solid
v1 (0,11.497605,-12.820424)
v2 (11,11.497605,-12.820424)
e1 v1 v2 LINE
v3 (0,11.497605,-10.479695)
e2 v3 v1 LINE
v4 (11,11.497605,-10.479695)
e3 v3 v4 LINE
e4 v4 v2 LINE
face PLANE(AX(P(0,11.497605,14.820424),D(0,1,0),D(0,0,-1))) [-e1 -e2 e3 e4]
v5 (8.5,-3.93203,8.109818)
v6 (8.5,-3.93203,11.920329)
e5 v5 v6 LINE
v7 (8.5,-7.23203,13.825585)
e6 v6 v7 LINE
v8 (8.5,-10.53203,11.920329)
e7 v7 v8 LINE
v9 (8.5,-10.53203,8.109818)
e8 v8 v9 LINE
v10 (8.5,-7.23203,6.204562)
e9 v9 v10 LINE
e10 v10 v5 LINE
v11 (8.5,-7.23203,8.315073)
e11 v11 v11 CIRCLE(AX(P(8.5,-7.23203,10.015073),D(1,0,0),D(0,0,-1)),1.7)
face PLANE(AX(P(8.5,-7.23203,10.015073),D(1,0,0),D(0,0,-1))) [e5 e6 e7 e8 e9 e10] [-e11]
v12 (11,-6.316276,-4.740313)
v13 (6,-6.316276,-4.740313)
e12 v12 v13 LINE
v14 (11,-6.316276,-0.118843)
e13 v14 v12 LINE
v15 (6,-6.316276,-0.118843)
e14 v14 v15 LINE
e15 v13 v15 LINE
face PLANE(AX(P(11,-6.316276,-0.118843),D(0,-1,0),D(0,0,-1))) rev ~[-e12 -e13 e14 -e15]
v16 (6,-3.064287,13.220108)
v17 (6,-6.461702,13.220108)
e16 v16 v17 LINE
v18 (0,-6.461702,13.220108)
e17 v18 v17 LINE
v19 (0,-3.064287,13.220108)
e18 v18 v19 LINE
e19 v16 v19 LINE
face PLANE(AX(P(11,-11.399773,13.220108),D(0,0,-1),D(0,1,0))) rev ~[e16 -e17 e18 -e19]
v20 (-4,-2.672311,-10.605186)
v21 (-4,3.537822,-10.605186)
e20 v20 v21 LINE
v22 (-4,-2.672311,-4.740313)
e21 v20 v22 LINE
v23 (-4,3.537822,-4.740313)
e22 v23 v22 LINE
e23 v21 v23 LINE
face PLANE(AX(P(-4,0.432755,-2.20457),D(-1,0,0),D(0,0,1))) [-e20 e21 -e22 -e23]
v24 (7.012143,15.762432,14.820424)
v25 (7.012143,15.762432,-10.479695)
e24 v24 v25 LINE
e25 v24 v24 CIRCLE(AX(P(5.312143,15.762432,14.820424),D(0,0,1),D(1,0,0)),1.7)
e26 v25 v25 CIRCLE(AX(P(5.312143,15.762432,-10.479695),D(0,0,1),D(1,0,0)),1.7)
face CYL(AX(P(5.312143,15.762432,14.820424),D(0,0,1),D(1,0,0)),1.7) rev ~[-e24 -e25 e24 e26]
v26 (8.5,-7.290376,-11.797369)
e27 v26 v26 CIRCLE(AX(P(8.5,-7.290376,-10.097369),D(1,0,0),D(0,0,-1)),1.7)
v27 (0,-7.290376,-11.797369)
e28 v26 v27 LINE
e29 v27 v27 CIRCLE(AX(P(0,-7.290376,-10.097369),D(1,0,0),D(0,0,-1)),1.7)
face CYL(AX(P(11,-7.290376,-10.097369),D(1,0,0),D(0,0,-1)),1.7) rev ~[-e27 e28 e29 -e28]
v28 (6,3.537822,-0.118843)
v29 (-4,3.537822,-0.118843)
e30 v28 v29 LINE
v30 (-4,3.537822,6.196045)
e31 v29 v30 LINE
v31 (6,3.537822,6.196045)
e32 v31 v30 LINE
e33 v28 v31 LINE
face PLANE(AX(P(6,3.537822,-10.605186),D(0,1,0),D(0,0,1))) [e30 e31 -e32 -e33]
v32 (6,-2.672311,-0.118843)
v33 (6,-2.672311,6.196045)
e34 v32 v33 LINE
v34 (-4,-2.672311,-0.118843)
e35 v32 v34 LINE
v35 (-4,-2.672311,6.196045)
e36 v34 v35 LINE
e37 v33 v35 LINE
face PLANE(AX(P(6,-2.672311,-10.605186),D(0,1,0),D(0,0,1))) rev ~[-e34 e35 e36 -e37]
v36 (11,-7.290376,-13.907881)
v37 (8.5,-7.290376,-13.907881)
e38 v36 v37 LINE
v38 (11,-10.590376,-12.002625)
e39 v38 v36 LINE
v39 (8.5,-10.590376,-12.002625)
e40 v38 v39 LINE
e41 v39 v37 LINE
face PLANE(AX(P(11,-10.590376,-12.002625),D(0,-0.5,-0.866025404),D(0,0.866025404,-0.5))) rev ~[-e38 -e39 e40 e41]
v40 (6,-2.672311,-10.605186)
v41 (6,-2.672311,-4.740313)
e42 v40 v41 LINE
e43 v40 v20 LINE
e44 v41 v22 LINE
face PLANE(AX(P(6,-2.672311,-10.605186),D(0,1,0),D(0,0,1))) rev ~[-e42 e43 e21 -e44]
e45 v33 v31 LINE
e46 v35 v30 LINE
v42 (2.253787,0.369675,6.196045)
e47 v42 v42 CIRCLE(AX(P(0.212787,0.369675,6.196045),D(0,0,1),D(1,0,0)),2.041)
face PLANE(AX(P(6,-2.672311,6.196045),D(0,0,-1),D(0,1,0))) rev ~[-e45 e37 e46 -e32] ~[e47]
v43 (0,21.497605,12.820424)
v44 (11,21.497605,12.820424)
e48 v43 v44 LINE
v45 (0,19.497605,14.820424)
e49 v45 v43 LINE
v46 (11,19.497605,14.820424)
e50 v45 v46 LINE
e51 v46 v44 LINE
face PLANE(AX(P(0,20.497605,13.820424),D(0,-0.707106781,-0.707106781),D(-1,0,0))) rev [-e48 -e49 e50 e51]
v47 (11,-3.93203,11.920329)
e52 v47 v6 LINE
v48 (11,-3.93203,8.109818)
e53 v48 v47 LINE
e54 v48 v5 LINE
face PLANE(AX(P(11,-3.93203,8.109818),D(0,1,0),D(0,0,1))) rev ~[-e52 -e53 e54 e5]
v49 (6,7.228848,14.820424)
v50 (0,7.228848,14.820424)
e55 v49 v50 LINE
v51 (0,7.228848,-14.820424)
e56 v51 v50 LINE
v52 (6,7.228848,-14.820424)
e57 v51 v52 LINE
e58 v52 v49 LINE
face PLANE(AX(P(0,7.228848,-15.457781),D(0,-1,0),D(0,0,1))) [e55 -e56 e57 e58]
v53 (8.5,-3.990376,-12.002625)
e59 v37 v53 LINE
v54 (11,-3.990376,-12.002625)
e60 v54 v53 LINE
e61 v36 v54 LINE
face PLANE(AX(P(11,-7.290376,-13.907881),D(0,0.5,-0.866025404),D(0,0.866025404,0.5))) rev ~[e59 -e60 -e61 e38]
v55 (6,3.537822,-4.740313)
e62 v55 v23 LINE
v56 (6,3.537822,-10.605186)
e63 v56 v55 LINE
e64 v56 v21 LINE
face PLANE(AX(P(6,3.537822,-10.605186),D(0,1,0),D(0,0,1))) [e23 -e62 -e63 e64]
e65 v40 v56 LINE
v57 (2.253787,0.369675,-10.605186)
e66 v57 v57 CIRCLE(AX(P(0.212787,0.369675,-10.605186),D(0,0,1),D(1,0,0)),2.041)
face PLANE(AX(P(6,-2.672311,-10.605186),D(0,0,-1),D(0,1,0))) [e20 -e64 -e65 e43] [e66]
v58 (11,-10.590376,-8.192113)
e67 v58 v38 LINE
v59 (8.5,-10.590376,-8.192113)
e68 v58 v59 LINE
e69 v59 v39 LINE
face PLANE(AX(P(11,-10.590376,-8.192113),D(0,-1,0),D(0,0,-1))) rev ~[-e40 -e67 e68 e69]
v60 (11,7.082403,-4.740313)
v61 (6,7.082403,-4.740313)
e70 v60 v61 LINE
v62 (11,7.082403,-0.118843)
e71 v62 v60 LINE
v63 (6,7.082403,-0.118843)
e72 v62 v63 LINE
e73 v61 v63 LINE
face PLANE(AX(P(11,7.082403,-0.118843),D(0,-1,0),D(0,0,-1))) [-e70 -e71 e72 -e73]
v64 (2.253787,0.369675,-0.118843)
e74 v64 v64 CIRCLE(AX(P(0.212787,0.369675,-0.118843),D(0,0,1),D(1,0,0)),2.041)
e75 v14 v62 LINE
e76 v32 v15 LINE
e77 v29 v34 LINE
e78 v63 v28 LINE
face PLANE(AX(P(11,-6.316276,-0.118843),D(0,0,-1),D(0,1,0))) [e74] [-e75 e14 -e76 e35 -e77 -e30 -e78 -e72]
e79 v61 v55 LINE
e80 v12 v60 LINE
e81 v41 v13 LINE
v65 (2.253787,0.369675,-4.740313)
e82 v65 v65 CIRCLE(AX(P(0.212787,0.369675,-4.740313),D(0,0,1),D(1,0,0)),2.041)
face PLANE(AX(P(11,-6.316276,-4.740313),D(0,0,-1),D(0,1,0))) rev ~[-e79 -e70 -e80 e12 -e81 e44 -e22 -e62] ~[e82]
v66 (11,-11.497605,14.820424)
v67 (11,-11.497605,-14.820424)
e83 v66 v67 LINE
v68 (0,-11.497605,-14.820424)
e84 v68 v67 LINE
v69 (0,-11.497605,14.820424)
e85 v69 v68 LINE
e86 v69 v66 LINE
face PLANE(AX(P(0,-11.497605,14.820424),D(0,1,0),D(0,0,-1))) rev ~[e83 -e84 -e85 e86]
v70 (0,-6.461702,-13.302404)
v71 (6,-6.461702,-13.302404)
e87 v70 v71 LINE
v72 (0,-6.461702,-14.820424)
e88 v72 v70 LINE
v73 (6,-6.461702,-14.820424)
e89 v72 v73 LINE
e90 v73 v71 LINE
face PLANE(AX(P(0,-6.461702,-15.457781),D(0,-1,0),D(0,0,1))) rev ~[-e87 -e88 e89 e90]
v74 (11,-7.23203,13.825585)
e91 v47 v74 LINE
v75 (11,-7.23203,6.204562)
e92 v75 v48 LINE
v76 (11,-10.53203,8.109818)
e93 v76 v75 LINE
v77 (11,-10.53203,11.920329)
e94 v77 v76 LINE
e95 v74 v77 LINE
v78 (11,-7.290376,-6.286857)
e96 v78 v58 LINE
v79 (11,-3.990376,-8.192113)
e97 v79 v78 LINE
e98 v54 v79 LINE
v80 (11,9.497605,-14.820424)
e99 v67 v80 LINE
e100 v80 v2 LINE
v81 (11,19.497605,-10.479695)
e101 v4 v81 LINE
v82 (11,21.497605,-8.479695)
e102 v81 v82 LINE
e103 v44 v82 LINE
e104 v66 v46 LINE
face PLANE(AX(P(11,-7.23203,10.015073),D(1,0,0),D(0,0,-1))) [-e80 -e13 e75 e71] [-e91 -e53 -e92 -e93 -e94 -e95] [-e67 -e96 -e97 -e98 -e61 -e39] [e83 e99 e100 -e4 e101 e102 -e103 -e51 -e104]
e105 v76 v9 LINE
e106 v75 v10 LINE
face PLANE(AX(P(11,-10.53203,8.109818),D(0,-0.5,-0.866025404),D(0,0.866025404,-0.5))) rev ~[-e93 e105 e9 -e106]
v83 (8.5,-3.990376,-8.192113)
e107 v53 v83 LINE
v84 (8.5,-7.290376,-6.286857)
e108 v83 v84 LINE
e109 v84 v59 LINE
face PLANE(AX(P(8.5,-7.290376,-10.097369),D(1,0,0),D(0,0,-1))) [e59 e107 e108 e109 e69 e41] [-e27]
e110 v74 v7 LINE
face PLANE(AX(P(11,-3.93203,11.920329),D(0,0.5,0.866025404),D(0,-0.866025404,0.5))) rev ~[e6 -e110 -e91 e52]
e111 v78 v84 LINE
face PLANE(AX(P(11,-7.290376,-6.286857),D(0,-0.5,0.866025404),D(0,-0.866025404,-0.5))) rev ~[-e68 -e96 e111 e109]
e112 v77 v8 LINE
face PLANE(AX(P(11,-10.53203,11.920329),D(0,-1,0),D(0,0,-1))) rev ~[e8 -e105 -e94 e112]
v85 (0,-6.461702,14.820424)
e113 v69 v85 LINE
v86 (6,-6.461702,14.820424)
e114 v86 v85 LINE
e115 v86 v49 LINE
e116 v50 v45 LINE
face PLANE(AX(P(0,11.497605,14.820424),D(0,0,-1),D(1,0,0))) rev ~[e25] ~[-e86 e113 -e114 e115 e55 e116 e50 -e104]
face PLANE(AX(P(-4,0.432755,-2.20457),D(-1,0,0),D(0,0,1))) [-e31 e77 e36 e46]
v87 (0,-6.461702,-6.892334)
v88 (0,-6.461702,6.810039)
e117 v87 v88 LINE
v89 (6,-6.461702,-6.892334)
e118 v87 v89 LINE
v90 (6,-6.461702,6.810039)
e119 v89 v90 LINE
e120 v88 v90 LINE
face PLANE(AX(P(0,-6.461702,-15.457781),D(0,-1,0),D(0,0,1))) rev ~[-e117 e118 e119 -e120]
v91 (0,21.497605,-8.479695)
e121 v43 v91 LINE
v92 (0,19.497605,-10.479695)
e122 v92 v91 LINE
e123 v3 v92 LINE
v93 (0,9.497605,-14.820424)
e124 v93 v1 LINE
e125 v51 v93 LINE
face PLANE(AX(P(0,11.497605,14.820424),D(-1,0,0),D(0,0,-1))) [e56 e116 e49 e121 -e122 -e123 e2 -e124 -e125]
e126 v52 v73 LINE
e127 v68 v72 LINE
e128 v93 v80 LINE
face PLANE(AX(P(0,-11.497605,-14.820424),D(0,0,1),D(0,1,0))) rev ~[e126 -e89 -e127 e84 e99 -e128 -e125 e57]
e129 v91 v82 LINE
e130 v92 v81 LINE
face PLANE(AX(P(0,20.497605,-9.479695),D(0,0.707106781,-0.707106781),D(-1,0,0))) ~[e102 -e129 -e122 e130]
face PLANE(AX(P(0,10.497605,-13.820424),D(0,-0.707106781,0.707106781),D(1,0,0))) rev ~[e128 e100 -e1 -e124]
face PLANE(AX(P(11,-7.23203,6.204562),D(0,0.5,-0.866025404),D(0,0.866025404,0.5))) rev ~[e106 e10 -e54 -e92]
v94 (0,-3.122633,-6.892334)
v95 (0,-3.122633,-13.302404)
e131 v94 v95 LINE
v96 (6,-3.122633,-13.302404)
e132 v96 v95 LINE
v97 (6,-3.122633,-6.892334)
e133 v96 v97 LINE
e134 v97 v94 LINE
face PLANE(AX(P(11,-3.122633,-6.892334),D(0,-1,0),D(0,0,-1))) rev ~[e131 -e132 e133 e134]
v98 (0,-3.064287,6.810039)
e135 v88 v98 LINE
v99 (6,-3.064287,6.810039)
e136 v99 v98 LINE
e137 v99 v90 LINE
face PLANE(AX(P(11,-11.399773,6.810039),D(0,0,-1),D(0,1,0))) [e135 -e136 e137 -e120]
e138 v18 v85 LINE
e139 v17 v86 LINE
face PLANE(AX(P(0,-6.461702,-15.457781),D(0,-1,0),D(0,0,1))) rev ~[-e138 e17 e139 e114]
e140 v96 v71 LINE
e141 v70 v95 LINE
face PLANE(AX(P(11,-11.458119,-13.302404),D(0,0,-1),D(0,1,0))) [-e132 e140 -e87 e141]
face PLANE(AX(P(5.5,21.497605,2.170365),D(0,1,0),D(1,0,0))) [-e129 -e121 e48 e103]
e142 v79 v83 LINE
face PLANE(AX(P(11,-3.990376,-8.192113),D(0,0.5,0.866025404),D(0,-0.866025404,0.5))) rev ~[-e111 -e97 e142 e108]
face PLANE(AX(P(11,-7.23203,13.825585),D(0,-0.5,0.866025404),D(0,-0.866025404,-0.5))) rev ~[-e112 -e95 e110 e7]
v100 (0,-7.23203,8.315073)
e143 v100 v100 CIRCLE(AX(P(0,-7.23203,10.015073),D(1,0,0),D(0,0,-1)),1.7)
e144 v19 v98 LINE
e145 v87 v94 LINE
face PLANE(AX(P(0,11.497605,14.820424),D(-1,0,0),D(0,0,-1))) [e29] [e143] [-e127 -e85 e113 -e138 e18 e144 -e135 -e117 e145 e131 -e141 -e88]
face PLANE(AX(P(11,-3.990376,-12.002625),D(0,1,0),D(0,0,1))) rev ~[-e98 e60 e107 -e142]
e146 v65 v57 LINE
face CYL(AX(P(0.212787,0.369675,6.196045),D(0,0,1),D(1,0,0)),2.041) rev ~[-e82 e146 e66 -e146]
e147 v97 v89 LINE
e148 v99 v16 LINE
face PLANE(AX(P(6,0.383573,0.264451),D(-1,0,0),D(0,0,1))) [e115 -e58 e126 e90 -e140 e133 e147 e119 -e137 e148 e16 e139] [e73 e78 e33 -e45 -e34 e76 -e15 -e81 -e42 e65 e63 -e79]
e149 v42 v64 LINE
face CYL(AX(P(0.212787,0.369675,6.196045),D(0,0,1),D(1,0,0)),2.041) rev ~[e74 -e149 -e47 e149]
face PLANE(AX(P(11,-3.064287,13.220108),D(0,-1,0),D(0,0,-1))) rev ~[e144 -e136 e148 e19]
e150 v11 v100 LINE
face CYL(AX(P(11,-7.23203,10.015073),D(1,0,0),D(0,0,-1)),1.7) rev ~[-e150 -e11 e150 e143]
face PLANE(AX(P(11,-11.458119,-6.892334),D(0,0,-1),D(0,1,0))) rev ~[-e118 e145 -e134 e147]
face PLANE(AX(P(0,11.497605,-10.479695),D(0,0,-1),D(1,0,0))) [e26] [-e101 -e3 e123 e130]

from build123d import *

# Parameters (mm, degrees)
SKETCH1_W           = 29.64084851
SKETCH1_H           = 22.995210284
BOSS_EXTRUDE1_DEPTH = 11
SKETCH2_W           = 11
SKETCH2_H           = 25.30011898
BOSS_EXTRUDE2_DEPTH = 10
CHAMFER1_SIZE       = 2
SKETCH3_W           = 31.444464136
SKETCH3_H           = 13.690550156
CUT_EXTRUDE2_DEPTH  = 6
SKETCH4_W           = 16.801230495
SKETCH4_H           = 6.210132239
BOSS_EXTRUDE3_DEPTH = 10
SKETCH5_R           = 2.040999549
CUT_EXTRUDE3_DEPTH  = 22.016469246
SKETCH6_W           = 4.621469737
SKETCH6_H           = 13.3986797
CUT_EXTRUDE4_DEPTH  = 16
SKETCH7_R           = 1.7
CUT_EXTRUDE5_DEPTH  = 27
SKETCH21_W          = 6.4100694
SKETCH21_H          = 8.3354859
BOSS_EXTRUDE4_DEPTH = 11
SKETCH20_W          = 6.410069378
SKETCH20_H          = 8.335485858
BOSS_EXTRUDE5_DEPTH = 11
CUT_EXTRUDE6_DEPTH  = 2.5
SKETCH19_R          = 1.7
CUT_EXTRUDE7_DEPTH  = 16
CUT_EXTRUDE8_DEPTH  = 2.5
SKETCH18_R          = 1.7
CUT_EXTRUDE9_DEPTH  = 16


with BuildPart() as part:
    # Sketch1 → Boss-Extrude1 (new body)
    with BuildSketch(Plane(origin=(0, 0, 0), x_dir=(0, 0, -1), z_dir=(1, 0, 0))):
        Rectangle(SKETCH1_W, SKETCH1_H)
    extrude(amount=BOSS_EXTRUDE1_DEPTH)

    # Sketch2 → Boss-Extrude2 (add)
    with BuildSketch(Plane(origin=(0, 11.497605142, 0), x_dir=(1, 0, 0), z_dir=(0, 1, 0))):
        with Locations((5.5, -2.170364765)):
            Rectangle(SKETCH2_W, SKETCH2_H)
    extrude(amount=BOSS_EXTRUDE2_DEPTH)

    # Chamfer1
    chamfer1_edges = [part.edges().sort_by_distance(p)[0] for p in [
        (5.5, 21.497605142, -10.479694725),
        (5.5, 21.497605142, 14.820424255),
        (5.5, 11.497605142, -14.820424255),
    ]]
    chamfer(chamfer1_edges, length=CHAMFER1_SIZE)

    # Sketch3 → Cut-Extrude2 (cut)
    with BuildSketch(Plane.ZY):
        with Locations((0.26445091, 0.38357275)):
            Rectangle(SKETCH3_W, SKETCH3_H)
    extrude(amount=-CUT_EXTRUDE2_DEPTH, mode=Mode.SUBTRACT)

    # Sketch4 → Boss-Extrude3 (add)
    with BuildSketch(Plane(origin=(6, 0.435062227, 0), x_dir=(0, 0, 1), z_dir=(-1, 0, 0))):
        with Locations((-2.204570257, -0.002306757)):
            Rectangle(SKETCH4_W, SKETCH4_H)
    extrude(amount=BOSS_EXTRUDE3_DEPTH)

    # Sketch5 → Cut-Extrude3 (cut, through all)
    with BuildSketch(Plane.XY.offset(6.196044991)):
        with Locations((0.212787141, 0.369675098)):
            Circle(SKETCH5_R)
    extrude(amount=-CUT_EXTRUDE3_DEPTH, mode=Mode.SUBTRACT)

    # Sketch6 → Cut-Extrude4 (cut, through all)
    with BuildSketch(Plane(origin=(11, 0, 0), x_dir=(0, 0, -1), z_dir=(1, 0, 0))):
        with Locations((2.429578273, 0.383063563)):
            Rectangle(SKETCH6_W, SKETCH6_H)
    extrude(amount=-CUT_EXTRUDE4_DEPTH, mode=Mode.SUBTRACT)

    # Sketch7 → Cut-Extrude5 (cut)
    with BuildSketch(Plane.XY.offset(14.820424255)):
        with Locations((5.312142967, 15.762432364)):
            Circle(SKETCH7_R)
    extrude(amount=-CUT_EXTRUDE5_DEPTH, mode=Mode.SUBTRACT)

    # Sketch21 → Boss-Extrude4 (add)
    with BuildSketch(Plane(origin=(11, 0, 0), x_dir=(0, 0, -1), z_dir=(1, 0, 0))):
        with Locations((10.097369078, -7.290376311)):
            Rectangle(SKETCH21_W, SKETCH21_H)
    extrude(amount=-BOSS_EXTRUDE4_DEPTH)

    # Sketch20 → Boss-Extrude5 (add)
    with BuildSketch(Plane(origin=(11, 0, 0), x_dir=(0, 0, -1), z_dir=(1, 0, 0))):
        with Locations((-10.015073396, -7.232029734)):
            Rectangle(SKETCH20_W, SKETCH20_H)
    extrude(amount=-BOSS_EXTRUDE5_DEPTH)

    # Sketch15 → Cut-Extrude6 (cut)
    with BuildSketch(Plane(origin=(11, 0, 0), x_dir=(0, 0, -1), z_dir=(1, 0, 0))):
        Polygon((-8.109817508, -10.532029734), (-6.204561619, -7.232029734), (-8.109817508, -3.932029734), (-11.920329284, -3.932029734), (-13.825585173, -7.232029734), (-11.920329284, -10.532029734), align=None)
    extrude(amount=-CUT_EXTRUDE6_DEPTH, mode=Mode.SUBTRACT)

    # Sketch19 → Cut-Extrude7 (cut, through all)
    with BuildSketch(Plane(origin=(11, 0, 0), x_dir=(0, 0, -1), z_dir=(1, 0, 0))):
        with Locations((-10.015073396, -7.232029734)):
            Circle(SKETCH19_R)
    extrude(amount=-CUT_EXTRUDE7_DEPTH, mode=Mode.SUBTRACT)

    # Sketch17 → Cut-Extrude8 (cut)
    with BuildSketch(Plane(origin=(11, 0, 0), x_dir=(0, 0, -1), z_dir=(1, 0, 0))):
        Polygon((12.002624966, -10.590376311), (13.907880854, -7.290376311), (12.002624966, -3.990376311), (8.192113189, -3.990376311), (6.286857301, -7.290376311), (8.192113189, -10.590376311), align=None)
    extrude(amount=-CUT_EXTRUDE8_DEPTH, mode=Mode.SUBTRACT)

    # Sketch18 → Cut-Extrude9 (cut, through all)
    with BuildSketch(Plane(origin=(11, 0, 0), x_dir=(0, 0, -1), z_dir=(1, 0, 0))):
        with Locations((10.097369078, -7.290376311)):
            Circle(SKETCH18_R)
    extrude(amount=-CUT_EXTRUDE9_DEPTH, mode=Mode.SUBTRACT)


solid = part.part
